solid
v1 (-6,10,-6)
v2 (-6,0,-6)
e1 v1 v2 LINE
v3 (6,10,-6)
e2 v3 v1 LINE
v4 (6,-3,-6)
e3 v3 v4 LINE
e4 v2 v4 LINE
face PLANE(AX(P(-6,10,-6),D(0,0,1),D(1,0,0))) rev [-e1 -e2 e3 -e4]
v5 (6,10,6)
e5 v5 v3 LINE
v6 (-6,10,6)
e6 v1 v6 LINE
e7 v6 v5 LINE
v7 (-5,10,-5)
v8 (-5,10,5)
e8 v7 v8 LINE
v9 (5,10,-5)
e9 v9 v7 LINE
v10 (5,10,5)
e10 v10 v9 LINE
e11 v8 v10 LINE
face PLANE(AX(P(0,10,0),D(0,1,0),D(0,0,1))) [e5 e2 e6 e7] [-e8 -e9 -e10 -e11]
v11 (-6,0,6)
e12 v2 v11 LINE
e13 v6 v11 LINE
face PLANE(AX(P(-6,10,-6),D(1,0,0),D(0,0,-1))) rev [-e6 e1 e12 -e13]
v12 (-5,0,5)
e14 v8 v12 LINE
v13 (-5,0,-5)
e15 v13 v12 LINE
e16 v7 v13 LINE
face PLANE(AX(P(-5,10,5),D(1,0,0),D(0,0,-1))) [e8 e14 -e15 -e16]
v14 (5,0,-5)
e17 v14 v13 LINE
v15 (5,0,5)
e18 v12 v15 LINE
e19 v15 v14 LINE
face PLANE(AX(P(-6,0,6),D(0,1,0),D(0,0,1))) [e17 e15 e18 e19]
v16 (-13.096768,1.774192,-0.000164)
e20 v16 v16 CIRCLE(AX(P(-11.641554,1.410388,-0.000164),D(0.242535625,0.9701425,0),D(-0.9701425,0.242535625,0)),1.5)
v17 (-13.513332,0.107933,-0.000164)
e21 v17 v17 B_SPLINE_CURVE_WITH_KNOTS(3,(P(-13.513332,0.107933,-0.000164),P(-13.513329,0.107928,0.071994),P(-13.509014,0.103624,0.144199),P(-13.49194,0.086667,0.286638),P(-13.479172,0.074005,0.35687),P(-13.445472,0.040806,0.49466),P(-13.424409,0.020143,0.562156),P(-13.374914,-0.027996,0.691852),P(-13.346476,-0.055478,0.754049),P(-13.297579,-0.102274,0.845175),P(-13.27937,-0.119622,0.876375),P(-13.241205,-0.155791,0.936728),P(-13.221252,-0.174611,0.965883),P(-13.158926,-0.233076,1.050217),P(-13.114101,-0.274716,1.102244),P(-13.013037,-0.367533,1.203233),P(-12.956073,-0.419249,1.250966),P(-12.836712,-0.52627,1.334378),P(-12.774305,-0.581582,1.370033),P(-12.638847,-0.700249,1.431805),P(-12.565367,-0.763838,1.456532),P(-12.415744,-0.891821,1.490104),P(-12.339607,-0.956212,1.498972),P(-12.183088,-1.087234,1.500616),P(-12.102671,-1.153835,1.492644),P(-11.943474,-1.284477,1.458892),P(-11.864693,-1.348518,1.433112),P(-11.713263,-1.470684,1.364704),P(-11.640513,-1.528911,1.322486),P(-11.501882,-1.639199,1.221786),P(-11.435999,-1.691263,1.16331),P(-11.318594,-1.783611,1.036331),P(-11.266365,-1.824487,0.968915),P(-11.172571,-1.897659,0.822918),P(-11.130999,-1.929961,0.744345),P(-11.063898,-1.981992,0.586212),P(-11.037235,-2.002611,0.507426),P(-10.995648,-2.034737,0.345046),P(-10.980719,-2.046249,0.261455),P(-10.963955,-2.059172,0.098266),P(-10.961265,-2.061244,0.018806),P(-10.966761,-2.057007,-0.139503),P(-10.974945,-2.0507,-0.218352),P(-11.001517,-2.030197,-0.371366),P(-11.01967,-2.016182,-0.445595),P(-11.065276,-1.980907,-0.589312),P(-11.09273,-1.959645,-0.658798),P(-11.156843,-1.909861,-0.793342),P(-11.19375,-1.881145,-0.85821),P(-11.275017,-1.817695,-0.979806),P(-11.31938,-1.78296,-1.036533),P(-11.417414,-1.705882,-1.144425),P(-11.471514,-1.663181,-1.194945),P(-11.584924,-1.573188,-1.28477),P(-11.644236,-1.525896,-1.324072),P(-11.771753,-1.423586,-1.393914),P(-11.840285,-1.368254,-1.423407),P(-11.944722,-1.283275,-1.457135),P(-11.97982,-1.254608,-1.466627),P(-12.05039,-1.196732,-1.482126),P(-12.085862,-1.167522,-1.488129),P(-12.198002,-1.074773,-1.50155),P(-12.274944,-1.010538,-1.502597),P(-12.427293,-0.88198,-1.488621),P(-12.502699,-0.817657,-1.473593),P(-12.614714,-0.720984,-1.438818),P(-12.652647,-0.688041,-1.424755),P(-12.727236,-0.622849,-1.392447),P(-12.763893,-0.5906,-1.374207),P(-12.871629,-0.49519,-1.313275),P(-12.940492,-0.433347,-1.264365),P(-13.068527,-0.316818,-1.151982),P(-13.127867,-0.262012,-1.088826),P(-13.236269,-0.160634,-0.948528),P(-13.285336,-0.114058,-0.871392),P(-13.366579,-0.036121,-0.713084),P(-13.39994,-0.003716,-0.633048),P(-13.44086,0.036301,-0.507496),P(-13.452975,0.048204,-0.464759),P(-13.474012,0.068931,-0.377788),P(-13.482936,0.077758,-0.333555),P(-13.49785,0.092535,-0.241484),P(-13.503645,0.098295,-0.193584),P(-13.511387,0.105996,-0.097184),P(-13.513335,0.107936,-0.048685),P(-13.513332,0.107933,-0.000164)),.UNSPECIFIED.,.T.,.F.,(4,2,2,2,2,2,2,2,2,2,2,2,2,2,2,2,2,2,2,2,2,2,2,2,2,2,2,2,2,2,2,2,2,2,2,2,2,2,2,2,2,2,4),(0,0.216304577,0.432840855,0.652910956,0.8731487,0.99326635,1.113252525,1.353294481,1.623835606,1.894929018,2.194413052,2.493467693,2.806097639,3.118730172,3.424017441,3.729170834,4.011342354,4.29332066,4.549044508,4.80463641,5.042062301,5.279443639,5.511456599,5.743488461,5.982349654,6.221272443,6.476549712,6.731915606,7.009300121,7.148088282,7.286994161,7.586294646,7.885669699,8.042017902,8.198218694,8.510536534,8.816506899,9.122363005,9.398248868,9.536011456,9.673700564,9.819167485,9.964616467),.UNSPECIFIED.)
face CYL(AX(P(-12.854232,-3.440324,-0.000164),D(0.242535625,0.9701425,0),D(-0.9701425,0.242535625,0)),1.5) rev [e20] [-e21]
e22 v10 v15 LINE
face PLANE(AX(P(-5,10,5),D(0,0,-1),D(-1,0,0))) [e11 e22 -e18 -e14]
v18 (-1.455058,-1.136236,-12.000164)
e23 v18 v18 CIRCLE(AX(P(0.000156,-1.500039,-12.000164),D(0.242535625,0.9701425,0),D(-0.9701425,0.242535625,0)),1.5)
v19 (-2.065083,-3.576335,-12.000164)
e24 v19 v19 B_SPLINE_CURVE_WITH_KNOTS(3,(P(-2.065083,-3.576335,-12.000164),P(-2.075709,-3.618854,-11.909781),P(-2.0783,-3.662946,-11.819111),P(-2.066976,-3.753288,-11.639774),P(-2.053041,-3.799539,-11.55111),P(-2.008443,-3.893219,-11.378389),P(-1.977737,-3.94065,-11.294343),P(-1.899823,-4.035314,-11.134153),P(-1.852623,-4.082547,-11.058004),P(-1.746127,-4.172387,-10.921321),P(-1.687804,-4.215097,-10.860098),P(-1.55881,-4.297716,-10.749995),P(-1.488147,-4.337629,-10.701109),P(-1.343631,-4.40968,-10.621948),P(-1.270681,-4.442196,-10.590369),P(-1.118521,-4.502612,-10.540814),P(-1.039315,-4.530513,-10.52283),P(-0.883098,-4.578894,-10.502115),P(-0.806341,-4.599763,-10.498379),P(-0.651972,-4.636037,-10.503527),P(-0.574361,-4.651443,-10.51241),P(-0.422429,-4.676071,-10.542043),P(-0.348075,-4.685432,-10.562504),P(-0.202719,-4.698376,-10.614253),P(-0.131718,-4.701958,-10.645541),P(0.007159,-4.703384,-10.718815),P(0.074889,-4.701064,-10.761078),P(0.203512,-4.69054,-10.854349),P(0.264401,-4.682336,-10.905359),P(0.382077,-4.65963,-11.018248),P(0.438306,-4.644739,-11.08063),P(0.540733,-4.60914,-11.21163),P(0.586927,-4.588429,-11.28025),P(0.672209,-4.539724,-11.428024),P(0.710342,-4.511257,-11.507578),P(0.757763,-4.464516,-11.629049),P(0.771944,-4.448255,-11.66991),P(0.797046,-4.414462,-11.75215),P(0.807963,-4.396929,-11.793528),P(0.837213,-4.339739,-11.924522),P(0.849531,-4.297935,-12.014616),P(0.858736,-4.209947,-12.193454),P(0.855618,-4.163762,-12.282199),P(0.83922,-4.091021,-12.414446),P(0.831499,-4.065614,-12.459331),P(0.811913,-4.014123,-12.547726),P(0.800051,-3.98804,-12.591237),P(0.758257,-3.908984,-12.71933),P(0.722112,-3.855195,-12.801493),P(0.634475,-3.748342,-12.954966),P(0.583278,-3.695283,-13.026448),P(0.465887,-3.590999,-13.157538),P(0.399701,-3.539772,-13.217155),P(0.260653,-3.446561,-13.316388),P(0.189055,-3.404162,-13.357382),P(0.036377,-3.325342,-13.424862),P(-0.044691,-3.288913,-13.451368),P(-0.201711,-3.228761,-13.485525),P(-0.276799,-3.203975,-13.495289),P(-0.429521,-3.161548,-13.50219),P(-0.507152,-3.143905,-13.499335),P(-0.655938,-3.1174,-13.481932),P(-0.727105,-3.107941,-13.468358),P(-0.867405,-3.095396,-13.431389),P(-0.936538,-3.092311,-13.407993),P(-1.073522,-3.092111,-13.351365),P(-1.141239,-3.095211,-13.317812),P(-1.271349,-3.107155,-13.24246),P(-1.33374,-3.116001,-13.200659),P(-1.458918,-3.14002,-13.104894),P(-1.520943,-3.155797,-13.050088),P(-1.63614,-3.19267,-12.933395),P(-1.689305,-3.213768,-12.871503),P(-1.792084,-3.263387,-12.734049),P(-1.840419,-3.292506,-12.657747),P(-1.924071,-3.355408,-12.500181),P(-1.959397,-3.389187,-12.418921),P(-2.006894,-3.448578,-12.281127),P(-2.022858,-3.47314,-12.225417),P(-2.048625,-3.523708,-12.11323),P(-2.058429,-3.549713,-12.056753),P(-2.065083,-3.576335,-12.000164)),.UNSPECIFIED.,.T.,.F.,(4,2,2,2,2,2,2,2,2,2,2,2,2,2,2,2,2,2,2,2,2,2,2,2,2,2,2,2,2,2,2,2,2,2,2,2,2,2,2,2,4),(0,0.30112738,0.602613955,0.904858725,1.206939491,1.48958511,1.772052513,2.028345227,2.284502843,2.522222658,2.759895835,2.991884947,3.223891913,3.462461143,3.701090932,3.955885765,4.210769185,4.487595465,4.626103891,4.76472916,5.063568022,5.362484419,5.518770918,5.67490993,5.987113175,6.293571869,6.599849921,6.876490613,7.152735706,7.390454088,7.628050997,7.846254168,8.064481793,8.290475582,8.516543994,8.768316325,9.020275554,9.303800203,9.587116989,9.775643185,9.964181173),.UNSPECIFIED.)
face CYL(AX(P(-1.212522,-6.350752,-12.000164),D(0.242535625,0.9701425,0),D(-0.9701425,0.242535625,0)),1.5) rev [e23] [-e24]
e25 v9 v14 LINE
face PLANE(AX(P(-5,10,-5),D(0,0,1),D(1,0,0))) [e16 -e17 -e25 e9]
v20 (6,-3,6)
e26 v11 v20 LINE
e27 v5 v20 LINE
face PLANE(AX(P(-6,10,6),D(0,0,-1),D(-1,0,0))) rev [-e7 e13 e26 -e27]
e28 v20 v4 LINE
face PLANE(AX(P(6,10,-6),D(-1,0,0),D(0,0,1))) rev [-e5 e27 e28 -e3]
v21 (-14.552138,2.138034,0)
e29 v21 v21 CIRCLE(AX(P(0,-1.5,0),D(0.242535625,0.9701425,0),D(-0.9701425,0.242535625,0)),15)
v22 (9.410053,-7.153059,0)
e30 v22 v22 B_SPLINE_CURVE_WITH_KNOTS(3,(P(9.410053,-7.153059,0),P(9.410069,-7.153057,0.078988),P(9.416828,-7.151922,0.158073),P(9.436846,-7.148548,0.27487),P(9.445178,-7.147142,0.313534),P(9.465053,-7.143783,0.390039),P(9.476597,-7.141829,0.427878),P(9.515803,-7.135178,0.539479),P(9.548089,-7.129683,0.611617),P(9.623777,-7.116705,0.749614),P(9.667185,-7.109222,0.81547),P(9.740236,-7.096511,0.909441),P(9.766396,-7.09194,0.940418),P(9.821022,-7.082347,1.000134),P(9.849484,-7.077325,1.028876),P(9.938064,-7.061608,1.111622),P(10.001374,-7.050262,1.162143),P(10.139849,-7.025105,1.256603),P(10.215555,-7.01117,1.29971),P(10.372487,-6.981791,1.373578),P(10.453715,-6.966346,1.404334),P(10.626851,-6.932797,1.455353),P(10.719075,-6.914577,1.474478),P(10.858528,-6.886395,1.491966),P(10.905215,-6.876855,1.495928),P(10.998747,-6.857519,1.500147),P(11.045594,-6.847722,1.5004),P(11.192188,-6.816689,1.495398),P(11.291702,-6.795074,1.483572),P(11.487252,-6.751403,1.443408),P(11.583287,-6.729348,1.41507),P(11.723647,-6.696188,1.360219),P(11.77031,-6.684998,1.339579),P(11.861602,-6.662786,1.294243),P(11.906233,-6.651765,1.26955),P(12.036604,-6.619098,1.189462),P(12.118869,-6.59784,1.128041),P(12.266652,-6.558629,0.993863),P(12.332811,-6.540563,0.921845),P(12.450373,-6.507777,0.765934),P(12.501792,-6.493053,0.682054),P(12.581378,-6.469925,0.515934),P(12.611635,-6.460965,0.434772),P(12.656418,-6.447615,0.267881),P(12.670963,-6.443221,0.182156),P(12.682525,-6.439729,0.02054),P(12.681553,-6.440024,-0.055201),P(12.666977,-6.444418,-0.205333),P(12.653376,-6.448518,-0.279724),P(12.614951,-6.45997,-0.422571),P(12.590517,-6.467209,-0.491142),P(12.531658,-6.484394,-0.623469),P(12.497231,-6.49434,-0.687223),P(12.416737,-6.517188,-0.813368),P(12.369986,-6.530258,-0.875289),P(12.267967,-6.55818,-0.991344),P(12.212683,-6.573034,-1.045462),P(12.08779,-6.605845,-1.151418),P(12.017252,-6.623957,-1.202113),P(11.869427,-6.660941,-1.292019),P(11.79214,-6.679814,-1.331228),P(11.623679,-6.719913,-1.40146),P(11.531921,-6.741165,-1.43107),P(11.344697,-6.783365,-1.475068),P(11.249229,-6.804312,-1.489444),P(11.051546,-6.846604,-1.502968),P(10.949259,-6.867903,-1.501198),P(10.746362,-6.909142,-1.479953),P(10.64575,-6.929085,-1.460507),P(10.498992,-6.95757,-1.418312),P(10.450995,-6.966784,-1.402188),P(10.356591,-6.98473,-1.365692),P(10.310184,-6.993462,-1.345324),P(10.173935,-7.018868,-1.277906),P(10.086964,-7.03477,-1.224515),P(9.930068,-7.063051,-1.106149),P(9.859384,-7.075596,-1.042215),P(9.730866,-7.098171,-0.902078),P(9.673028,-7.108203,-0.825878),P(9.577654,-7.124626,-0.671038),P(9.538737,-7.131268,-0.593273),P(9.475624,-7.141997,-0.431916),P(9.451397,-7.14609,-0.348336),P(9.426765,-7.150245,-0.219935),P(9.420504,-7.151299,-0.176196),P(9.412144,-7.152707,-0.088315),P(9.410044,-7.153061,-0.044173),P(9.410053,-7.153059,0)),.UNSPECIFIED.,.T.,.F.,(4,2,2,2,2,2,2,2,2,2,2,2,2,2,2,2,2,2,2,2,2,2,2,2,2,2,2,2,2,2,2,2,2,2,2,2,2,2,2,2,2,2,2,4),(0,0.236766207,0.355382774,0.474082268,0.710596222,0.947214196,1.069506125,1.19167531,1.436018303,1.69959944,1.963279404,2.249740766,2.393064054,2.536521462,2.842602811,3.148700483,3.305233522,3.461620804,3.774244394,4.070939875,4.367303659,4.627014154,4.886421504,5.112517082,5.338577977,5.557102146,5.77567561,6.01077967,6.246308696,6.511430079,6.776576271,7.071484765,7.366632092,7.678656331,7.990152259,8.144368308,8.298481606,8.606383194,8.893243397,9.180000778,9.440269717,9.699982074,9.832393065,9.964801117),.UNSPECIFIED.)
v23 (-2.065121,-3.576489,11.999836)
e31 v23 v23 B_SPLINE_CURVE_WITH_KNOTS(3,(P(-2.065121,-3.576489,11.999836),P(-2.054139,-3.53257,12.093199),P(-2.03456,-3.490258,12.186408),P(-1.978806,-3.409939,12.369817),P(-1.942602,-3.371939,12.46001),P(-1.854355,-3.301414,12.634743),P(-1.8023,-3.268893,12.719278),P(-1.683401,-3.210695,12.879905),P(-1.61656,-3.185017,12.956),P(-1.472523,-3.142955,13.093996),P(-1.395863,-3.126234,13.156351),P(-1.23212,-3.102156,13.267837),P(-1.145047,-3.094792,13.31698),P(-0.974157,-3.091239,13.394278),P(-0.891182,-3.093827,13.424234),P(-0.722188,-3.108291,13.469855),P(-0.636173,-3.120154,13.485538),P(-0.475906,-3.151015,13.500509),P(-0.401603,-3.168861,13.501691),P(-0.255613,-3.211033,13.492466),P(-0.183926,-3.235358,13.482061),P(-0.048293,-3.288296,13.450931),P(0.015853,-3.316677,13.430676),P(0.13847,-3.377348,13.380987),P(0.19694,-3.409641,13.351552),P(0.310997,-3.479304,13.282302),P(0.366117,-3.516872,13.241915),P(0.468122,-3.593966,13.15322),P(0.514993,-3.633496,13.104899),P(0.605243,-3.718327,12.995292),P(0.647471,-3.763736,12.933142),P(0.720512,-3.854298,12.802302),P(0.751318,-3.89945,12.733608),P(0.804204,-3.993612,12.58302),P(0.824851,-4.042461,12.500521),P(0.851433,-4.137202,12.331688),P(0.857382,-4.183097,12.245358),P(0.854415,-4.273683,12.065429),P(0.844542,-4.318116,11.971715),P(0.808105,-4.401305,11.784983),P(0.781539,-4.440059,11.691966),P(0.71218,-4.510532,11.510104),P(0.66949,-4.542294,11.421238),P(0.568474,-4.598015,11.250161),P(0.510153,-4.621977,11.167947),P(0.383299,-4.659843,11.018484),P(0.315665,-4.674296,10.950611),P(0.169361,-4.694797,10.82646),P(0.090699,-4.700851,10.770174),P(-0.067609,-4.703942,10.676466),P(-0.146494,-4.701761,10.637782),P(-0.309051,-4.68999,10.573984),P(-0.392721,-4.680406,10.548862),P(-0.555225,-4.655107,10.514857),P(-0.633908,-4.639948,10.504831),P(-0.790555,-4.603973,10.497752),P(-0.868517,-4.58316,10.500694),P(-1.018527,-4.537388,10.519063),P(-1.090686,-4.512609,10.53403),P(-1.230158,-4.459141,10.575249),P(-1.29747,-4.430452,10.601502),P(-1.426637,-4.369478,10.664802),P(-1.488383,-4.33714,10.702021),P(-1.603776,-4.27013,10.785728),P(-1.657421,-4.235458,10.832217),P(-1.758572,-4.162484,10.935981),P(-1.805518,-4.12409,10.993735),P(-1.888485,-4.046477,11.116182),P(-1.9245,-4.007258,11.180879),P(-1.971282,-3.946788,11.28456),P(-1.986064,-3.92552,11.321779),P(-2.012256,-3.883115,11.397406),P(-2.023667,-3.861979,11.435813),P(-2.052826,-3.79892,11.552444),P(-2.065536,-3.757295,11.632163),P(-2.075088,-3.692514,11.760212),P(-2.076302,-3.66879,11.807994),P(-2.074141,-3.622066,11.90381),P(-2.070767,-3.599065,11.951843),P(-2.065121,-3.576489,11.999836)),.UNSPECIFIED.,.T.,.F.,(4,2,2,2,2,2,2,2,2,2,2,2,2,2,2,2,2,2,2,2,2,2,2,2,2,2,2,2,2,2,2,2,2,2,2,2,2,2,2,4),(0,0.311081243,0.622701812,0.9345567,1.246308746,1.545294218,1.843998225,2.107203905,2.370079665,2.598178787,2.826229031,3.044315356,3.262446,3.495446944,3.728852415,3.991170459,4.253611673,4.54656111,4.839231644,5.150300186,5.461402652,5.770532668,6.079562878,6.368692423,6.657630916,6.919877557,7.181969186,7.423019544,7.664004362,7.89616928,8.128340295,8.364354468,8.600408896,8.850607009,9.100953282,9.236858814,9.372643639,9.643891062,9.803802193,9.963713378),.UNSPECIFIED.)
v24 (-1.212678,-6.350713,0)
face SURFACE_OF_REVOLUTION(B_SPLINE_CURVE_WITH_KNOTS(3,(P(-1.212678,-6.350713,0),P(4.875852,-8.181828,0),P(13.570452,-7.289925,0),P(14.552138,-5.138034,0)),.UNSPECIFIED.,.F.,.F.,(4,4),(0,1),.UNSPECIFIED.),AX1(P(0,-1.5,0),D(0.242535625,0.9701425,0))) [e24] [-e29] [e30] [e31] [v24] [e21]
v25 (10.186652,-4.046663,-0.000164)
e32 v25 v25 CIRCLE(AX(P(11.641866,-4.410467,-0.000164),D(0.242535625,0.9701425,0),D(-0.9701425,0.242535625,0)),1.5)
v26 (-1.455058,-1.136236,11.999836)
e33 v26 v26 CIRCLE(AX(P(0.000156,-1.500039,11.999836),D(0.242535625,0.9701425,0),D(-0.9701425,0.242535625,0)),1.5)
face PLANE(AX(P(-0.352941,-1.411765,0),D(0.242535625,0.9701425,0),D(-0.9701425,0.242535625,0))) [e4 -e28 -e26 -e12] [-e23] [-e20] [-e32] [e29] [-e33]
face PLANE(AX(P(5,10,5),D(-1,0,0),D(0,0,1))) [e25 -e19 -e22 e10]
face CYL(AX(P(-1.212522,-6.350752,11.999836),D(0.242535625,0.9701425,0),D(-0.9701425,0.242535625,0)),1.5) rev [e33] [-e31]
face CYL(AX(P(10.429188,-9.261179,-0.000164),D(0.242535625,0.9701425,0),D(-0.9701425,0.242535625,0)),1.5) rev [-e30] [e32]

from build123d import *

# Parameters (mm, degrees)
SKETCH_1_W          = 12
SKETCH_1_H          = 12
SKETCH_1_W_2        = 10
SKETCH_1_H_2        = 10
EXTRUDE_1_DEPTH     = 10
SKETCH_2_W          = 12
SKETCH_2_H          = 3
EXTRUDE_2_DEPTH     = 12
CUT_EXTRUDE_1_DEPTH = 12
SKETCH_13_R         = 1.5
CUT_EXTRUDE_3_DEPTH = 5


with BuildPart() as part:
    # 草图1 → 凸台-拉伸1 (new body)
    with BuildSketch(Plane(origin=(0, 0, 0), x_dir=(1, 0, 0), z_dir=(0, 1, 0))):
        Rectangle(SKETCH_1_W, SKETCH_1_H)
        Rectangle(SKETCH_1_W_2, SKETCH_1_H_2, mode=Mode.SUBTRACT)
    extrude(amount=EXTRUDE_1_DEPTH)

    # 草图2 → 凸台-拉伸2 (add)
    with BuildSketch(Plane(origin=(6, 0, 0), x_dir=(0, 0, -1), z_dir=(1, 0, 0))):
        with Locations((0, -1.5)):
            Rectangle(SKETCH_2_W, SKETCH_2_H)
    extrude(amount=-EXTRUDE_2_DEPTH)

    # 草图3 → 切除-拉伸1 (cut)
    with BuildSketch(Plane.XY.offset(6)):
        Polygon((-6, -3), (6, -3), (-6, 0), align=None)
    extrude(amount=-CUT_EXTRUDE_1_DEPTH, mode=Mode.SUBTRACT)

    # 草图12 → 旋转2 (revolve)
    with BuildSketch(Plane.XY):
        with BuildLine():
            Line((6, -3), (0, -1.5))
            Line((0, -1.5), (-1.212678125, -6.350712501))
            add(Edge.make_bspline(
                [(-1.212678125, -6.350712501), (4.875851895, -8.181828142), (13.57045187, -7.289924983), (14.552137502, -5.138034376)],
                knots=[0, 0, 0, 0, 1, 1, 1, 1], degree=3))
            Line((14.552137502, -5.138034376), (6, -3))
        make_face()
    revolve(axis=Axis((0, -1.5, 0), (-0.24253562503633272, -0.970142500145332, 0)))

    # 草图13 → 切除-拉伸3 (cut)
    with BuildSketch(Plane(origin=(-0.352941176, -1.411764706, 0), x_dir=(0.970142500145332, -0.24253562503633286, 0), z_dir=(0.24253562503633286, 0.970142500145332, 0))):
        with Locations(Location((0.363964271, 12.000163805, 0), (0, 0, 180))):
            Circle(SKETCH_13_R)
        with Locations(Location((12.363964271, 0.000163805, 0), (0, 0, 180))):
            Circle(SKETCH_13_R)
        with Locations(Location((0.363964271, -11.999836195, 0), (0, 0, 180))):
            Circle(SKETCH_13_R)
        with Locations(Location((-11.636035729, 0.000163805, 0), (0, 0, 180))):
            Circle(SKETCH_13_R)
    extrude(amount=-CUT_EXTRUDE_3_DEPTH, mode=Mode.SUBTRACT)


solid = part.part
